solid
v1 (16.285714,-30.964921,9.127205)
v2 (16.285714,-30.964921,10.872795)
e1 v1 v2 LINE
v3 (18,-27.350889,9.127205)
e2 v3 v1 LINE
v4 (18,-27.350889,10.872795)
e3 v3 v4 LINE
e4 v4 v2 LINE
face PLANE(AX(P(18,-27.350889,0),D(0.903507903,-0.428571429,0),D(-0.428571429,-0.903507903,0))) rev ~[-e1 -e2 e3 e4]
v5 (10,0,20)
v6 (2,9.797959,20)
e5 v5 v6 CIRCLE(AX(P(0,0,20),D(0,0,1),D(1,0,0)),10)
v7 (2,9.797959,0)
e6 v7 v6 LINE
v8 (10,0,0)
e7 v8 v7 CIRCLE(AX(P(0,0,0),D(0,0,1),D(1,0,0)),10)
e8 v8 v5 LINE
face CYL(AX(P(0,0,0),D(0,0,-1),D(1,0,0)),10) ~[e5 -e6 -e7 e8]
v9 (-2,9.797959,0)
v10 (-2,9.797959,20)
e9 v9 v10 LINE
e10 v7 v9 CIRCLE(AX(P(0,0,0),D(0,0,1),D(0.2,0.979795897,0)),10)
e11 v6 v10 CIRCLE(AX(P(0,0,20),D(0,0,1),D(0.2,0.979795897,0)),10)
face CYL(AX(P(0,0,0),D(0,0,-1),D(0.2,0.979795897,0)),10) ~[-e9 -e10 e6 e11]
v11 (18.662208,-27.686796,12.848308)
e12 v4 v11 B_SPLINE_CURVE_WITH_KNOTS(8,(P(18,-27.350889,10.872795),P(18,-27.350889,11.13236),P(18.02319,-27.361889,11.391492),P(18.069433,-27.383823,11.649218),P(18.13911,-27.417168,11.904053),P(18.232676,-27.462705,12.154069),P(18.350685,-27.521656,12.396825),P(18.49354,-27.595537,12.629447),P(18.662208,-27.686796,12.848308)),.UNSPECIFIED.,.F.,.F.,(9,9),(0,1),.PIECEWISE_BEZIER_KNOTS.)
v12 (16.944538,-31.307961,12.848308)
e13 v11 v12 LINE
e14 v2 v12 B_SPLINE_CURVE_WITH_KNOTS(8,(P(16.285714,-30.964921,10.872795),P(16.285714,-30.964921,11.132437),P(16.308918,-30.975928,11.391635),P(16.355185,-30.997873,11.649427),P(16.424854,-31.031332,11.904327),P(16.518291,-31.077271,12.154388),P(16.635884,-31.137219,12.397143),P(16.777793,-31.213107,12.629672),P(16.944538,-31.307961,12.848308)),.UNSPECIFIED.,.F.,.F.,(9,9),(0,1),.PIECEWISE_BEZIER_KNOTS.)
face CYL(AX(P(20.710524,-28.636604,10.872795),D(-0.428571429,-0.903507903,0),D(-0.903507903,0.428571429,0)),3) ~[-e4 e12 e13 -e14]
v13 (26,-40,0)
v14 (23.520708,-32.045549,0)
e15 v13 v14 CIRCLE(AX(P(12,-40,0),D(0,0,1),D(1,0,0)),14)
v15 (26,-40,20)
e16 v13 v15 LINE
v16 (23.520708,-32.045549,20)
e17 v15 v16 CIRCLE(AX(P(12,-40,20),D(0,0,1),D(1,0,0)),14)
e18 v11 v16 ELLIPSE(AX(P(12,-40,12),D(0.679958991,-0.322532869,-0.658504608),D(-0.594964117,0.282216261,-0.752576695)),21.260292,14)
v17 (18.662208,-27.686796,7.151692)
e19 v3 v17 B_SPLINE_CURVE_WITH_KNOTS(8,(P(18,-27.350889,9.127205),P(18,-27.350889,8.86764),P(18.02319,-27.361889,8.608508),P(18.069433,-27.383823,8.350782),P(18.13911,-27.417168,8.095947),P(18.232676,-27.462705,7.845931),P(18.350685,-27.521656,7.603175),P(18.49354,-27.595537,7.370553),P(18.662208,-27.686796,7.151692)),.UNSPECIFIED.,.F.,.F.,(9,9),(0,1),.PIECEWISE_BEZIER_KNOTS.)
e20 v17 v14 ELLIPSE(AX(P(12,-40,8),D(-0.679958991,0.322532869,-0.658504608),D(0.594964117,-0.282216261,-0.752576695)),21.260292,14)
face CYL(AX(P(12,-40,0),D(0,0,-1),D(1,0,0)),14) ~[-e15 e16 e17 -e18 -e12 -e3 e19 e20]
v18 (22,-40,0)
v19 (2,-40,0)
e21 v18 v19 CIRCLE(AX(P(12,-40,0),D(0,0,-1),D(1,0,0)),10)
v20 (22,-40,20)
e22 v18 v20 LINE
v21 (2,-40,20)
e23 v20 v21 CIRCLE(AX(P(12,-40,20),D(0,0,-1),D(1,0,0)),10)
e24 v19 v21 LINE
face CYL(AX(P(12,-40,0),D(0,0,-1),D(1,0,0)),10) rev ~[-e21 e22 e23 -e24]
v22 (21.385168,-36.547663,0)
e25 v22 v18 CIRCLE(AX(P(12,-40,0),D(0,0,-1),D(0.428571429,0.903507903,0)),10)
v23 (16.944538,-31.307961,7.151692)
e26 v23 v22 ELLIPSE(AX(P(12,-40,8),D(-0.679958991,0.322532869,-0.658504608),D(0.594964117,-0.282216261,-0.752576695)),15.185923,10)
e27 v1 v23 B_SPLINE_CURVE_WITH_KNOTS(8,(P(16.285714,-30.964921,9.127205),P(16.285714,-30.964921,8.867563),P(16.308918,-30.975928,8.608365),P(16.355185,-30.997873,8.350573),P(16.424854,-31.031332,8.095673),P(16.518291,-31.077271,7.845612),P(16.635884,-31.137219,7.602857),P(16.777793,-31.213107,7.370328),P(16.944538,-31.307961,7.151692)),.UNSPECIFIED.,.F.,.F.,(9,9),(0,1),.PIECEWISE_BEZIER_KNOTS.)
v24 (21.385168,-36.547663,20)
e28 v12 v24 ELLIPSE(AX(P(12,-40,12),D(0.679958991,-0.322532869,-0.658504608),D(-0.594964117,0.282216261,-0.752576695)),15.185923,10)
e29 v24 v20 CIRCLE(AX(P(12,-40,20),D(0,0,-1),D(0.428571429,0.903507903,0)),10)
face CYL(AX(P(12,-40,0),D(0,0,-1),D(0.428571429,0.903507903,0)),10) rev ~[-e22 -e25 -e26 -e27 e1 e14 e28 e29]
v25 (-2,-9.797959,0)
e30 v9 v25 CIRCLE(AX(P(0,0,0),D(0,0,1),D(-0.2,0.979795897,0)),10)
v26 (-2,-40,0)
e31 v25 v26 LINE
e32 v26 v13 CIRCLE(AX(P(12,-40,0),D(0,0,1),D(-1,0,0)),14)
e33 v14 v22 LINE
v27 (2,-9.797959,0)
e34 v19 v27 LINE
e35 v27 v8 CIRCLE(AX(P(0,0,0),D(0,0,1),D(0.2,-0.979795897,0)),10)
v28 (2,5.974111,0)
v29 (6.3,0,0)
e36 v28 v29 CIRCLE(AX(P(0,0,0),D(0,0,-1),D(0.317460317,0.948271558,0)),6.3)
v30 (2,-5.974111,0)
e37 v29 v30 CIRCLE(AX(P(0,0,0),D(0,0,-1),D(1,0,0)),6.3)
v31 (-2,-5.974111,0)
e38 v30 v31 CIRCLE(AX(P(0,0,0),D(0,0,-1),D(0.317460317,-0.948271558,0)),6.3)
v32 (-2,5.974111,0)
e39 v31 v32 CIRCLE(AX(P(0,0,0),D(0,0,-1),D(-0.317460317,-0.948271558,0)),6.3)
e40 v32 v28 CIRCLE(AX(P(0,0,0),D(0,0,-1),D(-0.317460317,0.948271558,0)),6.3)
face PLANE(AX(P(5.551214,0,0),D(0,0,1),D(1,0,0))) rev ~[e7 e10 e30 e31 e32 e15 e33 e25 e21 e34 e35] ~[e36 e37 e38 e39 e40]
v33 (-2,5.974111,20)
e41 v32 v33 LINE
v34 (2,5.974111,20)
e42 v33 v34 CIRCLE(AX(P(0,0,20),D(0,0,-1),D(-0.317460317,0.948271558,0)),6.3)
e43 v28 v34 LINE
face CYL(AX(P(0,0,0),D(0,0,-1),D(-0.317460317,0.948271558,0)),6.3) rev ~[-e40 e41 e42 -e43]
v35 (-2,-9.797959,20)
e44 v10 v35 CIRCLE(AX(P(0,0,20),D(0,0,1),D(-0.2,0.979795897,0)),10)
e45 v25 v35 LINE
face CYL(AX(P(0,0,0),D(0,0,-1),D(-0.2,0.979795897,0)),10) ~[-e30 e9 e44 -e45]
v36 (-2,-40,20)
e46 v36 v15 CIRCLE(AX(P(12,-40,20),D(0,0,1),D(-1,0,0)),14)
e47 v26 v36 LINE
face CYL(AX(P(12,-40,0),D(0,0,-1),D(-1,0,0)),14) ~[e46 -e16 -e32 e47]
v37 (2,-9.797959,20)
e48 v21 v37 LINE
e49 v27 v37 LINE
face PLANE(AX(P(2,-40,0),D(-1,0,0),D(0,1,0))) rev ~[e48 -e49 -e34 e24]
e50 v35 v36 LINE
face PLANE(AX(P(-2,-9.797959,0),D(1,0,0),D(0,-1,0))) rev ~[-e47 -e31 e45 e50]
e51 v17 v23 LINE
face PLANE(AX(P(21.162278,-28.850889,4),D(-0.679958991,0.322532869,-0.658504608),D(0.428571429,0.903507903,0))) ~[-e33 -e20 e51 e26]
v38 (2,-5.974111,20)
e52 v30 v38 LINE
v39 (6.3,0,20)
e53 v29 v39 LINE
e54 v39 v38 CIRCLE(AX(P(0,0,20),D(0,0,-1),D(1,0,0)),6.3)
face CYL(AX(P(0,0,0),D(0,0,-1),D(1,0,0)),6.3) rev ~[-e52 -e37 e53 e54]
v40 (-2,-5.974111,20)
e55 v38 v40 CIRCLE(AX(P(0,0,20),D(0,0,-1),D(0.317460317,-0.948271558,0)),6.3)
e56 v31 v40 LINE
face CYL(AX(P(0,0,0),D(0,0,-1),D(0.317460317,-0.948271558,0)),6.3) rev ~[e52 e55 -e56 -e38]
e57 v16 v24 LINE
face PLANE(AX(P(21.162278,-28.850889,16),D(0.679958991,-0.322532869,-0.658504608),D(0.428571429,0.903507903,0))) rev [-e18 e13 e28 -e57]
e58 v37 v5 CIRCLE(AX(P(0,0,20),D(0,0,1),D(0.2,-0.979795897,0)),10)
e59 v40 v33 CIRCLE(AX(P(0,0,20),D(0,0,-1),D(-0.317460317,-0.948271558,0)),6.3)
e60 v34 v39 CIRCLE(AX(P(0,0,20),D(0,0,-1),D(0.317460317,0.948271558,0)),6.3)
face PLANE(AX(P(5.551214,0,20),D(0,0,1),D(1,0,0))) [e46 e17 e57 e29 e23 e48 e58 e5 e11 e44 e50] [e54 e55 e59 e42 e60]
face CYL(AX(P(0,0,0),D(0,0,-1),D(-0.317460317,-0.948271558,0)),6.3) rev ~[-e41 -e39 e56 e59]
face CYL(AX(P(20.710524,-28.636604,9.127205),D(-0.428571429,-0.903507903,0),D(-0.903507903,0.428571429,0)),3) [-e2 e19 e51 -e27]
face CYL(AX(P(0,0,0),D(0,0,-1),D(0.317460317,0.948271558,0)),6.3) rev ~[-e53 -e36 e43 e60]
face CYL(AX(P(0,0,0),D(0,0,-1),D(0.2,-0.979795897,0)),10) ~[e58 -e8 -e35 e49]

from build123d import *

# Parameters (mm, degrees)
F1_DEPTH = 20
F2_SIZE2 = 7
F2_SIZE  = 8
F3_R     = 3


with BuildPart() as f1:
    # F0 (on Top) → F1 (new body)
    with BuildSketch(Plane.XY):
        with BuildLine():
            ThreePointArc((2, 5.9741108125), (5.1132181647, 3.6803532439), (6.3, 0))
            ThreePointArc((6.3, 0), (5.1132181647, -3.6803532439), (2, -5.9741108125))
            Line((2, -5.9741108125), (2, -9.7979589711))
            ThreePointArc((2, -9.7979589711), (7.7459666924, -6.3245553203), (10, 0))
            ThreePointArc((10, 0), (7.7459666924, 6.3245553203), (2, 9.7979589711))
            Line((2, 9.7979589711), (2, 5.9741108125))
        make_face()
        with BuildLine():
            ThreePointArc((-2, 5.9741108125), (0, 6.3), (2, 5.9741108125))
            Line((2, 5.9741108125), (2, 9.7979589711))
            ThreePointArc((2, 9.7979589711), (0, 10), (-2, 9.7979589711))
            Line((-2, 9.7979589711), (-2, 5.9741108125))
        make_face()
        with BuildLine():
            ThreePointArc((-2, -5.9741108125), (-6.3, 0), (-2, 5.9741108125))
            Line((-2, 5.9741108125), (-2, 9.7979589711))
            ThreePointArc((-2, 9.7979589711), (-10, 0), (-2, -9.7979589711))
            Line((-2, -9.7979589711), (-2, -5.9741108125))
        make_face()
        with BuildLine():
            Line((2, -9.7979589711), (2, -5.9741108125))
            ThreePointArc((2, -5.9741108125), (0, -6.3), (-2, -5.9741108125))
            Line((-2, -5.9741108125), (-2, -9.7979589711))
            ThreePointArc((-2, -9.7979589711), (0, -10), (2, -9.7979589711))
        make_face()
        with BuildLine():
            Line((2, -30.2020410289), (2, -9.7979589711))
            ThreePointArc((2, -9.7979589711), (0, -10), (-2, -9.7979589711))
            Line((-2, -9.7979589711), (-2, -40))
            ThreePointArc((-2, -40), (-0.9614813968, -34.7084973779), (2, -30.2020410289))
        make_face()
        with BuildLine():
            Line((2, -40), (2, -30.2020410289))
            ThreePointArc((2, -30.2020410289), (-0.9614813968, -34.7084973779), (-2, -40))
            Line((-2, -40), (2, -40))
        make_face()
        with BuildLine():
            Line((2, -40), (-2, -40))
            ThreePointArc((-2, -40), (12, -54), (26, -40))
            ThreePointArc((26, -40), (23.8321595662, -32.5166852265), (18, -27.3508893593))
            Line((18, -27.3508893593), (16.2857142857, -30.9649209709))
            ThreePointArc((16.2857142857, -30.9649209709), (20.4515425473, -34.6547751618), (22, -40))
            ThreePointArc((22, -40), (12, -50), (2, -40))
        make_face()
    extrude(amount=F1_DEPTH)

    # F2
    f2_edges = [f1.edges().sort_by_distance(p)[0] for p in [
        (17.142857, -29.157905, 20),
        (17.142857, -29.157905, 0),
    ]]
    f2_side = f1.faces().sort_by_distance((17.142857, -29.157905, 10))[0]
    chamfer(f2_edges, length=F2_SIZE, length2=F2_SIZE2, reference=f2_side)

    # F3
    f3_edges = [f1.edges().sort_by_distance(p)[0] for p in [
        (17.142857, -29.157905, 12),
        (17.142857, -29.157905, 8),
    ]]
    fillet(f3_edges, radius=F3_R)


solid = f1.part
